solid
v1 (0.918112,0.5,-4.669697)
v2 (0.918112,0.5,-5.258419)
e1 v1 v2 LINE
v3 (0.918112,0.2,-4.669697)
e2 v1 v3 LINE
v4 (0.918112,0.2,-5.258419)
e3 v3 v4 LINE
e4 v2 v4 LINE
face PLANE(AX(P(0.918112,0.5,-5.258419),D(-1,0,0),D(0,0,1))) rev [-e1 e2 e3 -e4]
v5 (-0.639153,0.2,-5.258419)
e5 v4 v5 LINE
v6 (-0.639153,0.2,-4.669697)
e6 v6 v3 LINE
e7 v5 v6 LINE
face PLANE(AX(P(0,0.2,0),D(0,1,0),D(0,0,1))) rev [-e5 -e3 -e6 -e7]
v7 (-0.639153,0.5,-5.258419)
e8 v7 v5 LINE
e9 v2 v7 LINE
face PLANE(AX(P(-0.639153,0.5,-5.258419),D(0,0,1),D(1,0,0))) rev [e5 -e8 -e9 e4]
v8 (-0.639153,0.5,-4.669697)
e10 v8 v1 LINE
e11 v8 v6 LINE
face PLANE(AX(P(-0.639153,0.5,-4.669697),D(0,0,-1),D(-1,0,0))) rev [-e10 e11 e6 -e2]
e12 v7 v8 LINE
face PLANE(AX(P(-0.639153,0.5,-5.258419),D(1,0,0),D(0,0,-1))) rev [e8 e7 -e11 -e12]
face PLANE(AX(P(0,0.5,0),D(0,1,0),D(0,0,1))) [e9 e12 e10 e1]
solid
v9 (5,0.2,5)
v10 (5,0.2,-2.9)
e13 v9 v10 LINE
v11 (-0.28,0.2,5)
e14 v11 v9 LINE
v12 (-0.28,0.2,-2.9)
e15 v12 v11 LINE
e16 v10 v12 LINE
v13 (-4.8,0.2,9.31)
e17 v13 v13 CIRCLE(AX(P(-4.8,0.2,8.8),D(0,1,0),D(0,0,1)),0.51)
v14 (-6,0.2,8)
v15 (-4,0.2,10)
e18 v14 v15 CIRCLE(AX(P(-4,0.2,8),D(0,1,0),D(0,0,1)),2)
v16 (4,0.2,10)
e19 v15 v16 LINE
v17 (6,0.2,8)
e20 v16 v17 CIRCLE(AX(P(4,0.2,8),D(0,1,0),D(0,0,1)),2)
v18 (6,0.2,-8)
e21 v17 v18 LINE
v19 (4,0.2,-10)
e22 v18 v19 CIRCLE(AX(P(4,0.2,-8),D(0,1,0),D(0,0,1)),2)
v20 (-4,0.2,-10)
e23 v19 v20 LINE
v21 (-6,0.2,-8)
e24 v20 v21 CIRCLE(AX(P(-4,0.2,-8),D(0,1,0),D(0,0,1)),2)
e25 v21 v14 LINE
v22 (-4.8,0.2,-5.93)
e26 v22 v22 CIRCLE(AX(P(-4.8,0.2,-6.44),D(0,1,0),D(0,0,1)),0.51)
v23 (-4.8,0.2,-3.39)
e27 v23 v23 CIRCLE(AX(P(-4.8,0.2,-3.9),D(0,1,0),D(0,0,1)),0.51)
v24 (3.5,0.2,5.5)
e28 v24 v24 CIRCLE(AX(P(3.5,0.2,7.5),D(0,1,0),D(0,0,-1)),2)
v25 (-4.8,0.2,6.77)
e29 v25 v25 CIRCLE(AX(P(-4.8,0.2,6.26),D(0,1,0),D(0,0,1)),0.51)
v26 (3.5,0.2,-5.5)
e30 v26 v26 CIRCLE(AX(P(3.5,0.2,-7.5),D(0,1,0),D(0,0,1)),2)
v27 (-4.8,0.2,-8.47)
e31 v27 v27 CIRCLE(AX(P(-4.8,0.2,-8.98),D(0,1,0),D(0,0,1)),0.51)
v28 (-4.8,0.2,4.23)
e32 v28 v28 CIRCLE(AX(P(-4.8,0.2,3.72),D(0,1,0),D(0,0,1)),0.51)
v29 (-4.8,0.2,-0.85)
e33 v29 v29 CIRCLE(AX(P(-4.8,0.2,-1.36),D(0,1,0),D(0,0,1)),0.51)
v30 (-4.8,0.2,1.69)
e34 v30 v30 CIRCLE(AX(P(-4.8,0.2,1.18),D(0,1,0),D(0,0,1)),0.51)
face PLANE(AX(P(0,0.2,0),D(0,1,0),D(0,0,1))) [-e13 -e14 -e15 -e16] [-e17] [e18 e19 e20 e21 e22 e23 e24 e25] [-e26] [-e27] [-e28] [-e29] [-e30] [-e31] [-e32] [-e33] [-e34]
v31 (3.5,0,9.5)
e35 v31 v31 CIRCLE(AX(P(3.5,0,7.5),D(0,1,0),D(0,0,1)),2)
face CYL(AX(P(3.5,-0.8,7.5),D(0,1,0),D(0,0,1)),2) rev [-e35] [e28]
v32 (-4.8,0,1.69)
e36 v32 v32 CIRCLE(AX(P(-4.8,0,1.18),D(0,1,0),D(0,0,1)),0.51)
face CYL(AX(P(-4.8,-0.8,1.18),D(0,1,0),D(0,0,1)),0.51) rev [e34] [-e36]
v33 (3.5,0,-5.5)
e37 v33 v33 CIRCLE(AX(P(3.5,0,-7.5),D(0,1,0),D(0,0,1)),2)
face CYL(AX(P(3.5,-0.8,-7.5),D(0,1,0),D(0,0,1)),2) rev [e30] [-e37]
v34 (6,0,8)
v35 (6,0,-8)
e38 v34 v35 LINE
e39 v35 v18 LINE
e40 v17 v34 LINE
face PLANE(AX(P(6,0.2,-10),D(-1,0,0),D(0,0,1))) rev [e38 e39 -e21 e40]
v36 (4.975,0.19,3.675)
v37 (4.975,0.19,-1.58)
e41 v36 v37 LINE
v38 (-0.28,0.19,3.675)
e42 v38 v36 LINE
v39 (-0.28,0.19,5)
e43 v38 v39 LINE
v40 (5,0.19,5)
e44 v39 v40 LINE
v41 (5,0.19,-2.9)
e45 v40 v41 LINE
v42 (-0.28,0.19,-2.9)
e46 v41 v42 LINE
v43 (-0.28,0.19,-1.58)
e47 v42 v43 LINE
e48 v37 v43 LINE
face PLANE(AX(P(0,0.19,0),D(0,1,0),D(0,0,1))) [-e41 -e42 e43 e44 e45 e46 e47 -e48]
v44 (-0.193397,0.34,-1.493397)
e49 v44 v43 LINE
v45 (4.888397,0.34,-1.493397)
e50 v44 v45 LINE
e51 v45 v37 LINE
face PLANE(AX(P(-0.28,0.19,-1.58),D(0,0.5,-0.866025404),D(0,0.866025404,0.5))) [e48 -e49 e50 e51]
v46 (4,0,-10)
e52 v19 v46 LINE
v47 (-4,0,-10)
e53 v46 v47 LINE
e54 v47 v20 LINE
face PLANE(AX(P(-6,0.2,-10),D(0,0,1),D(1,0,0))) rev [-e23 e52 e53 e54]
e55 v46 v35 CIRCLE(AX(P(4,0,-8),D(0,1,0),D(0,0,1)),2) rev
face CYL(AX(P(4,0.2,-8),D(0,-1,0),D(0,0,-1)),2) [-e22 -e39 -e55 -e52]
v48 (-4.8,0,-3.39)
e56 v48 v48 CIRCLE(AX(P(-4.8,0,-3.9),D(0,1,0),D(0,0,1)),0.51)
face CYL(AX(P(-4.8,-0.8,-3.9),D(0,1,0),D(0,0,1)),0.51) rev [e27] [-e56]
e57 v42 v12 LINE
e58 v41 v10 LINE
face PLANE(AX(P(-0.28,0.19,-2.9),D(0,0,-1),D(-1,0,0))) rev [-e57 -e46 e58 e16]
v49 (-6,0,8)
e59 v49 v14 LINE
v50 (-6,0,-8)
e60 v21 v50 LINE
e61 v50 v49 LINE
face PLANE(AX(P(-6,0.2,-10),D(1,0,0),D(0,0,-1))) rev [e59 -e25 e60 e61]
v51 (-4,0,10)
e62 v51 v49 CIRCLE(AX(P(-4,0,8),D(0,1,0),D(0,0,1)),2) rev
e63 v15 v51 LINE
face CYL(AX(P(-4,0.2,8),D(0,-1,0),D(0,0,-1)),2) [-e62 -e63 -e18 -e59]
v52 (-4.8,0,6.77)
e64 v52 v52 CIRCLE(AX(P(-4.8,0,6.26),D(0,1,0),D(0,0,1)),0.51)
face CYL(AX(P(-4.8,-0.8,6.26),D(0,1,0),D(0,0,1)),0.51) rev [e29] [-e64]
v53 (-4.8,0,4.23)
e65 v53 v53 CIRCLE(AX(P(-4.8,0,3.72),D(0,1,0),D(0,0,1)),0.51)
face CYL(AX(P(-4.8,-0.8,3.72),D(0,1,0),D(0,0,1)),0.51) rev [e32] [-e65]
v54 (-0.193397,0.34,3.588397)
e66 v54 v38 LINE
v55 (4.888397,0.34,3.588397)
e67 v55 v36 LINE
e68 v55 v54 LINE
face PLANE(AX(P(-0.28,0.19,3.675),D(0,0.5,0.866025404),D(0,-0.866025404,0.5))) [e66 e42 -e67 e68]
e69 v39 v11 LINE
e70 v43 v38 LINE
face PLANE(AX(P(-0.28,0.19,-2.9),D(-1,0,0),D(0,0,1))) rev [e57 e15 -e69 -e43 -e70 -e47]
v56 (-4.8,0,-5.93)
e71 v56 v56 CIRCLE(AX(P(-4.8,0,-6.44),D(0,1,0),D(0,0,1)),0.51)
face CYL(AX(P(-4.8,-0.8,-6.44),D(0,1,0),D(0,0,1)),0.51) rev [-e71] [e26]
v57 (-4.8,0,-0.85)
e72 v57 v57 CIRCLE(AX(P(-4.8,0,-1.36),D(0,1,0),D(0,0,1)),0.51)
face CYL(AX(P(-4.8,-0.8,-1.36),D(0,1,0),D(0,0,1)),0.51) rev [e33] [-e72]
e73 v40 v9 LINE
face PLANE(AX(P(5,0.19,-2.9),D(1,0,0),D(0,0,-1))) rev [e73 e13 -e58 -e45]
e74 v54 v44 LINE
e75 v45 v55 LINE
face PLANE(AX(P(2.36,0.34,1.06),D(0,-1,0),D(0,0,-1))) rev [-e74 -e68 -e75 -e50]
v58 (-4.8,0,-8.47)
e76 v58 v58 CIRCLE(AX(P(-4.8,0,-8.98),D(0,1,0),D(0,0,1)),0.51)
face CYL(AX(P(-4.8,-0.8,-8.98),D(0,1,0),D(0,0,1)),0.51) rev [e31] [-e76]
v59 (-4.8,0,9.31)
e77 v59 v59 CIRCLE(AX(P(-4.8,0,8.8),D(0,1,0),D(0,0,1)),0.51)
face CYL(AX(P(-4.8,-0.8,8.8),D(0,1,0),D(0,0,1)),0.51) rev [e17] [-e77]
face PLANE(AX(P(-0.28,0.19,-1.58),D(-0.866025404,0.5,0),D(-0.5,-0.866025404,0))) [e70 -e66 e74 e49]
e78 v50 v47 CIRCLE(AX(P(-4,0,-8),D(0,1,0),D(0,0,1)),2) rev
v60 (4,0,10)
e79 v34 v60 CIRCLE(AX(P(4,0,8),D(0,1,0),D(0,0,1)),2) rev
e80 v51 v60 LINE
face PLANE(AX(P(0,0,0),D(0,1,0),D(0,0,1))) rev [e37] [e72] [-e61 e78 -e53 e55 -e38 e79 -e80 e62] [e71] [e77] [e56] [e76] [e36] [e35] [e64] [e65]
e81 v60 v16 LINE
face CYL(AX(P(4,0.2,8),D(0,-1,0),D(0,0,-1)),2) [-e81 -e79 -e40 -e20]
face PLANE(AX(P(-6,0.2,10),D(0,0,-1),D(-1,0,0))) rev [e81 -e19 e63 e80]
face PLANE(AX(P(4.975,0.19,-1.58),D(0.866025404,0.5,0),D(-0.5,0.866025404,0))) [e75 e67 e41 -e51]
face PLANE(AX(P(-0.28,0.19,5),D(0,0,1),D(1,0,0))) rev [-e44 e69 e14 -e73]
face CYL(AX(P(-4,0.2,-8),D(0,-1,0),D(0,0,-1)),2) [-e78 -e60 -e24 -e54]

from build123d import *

# Parameters (mm, degrees)
SKETCH1_W           = 12
SKETCH1_H           = 20
BOSS_EXTRUDE1_DEPTH = 0.2
SKETCH3_R           = 0.51
CUT_EXTRUDE1_DEPTH  = 1
SKETCH4_R           = 2
CUT_EXTRUDE2_DEPTH  = 1
SKETCH5_W           = 5.28
SKETCH5_H           = 7.9
CUT_EXTRUDE3_DEPTH  = 0.01
FILLET1_R           = 2
SKETCH6_W           = 1.557265295
SKETCH6_H           = 0.588722246
BOSS_EXTRUDE2_DEPTH = 0.3
SKETCH7_W           = 5.255
SKETCH7_H           = 5.255
BOSS_EXTRUDE3_DEPTH = 0.15
BOSS_EXTRUDE3_TAPER = 30


with BuildPart() as part:
    # Sketch1 → Boss-Extrude1 (new body)
    with BuildSketch(Plane(origin=(0, 0, 0), x_dir=(1, 0, 0), z_dir=(0, 1, 0))):
        Rectangle(SKETCH1_W, SKETCH1_H)
    extrude(amount=BOSS_EXTRUDE1_DEPTH)

    # Sketch3 → Cut-Extrude1 (cut)
    with BuildSketch(Plane(origin=(0, 0.2, 0), x_dir=(1, 0, 0), z_dir=(0, 1, 0))):
        with Locations(Location((-4.8, -8.8, 0), (0, 0, 270))):
            Circle(SKETCH3_R)
        with Locations(Location((-4.8, -6.26, 0), (0, 0, 270))):
            Circle(SKETCH3_R)
        with Locations(Location((-4.8, -3.72, 0), (0, 0, 270))):
            Circle(SKETCH3_R)
        with Locations(Location((-4.8, -1.18, 0), (0, 0, 270))):
            Circle(SKETCH3_R)
        with Locations(Location((-4.8, 1.36, 0), (0, 0, 270))):
            Circle(SKETCH3_R)
        with Locations(Location((-4.8, 3.9, 0), (0, 0, 270))):
            Circle(SKETCH3_R)
        with Locations(Location((-4.8, 6.44, 0), (0, 0, 270))):
            Circle(SKETCH3_R)
        with Locations(Location((-4.8, 8.98, 0), (0, 0, 270))):
            Circle(SKETCH3_R)
    extrude(amount=-CUT_EXTRUDE1_DEPTH, mode=Mode.SUBTRACT)

    # Sketch4 → Cut-Extrude2 (cut)
    with BuildSketch(Plane(origin=(0, 0.2, 0), x_dir=(1, 0, 0), z_dir=(0, 1, 0))):
        with Locations(Location((3.5, 7.5, 0), (0, 0, 270))):
            Circle(SKETCH4_R)
        with Locations(Location((3.5, -7.5, 0), (0, 0, 270))):
            Circle(SKETCH4_R)
    extrude(amount=-CUT_EXTRUDE2_DEPTH, mode=Mode.SUBTRACT)

    # Sketch5 → Cut-Extrude3 (cut)
    with BuildSketch(Plane(origin=(0, 0.2, 0), x_dir=(1, 0, 0), z_dir=(0, 1, 0))):
        with Locations((2.36, -1.05)):
            Rectangle(SKETCH5_W, SKETCH5_H)
    extrude(amount=-CUT_EXTRUDE3_DEPTH, mode=Mode.SUBTRACT)

    # Fillet1
    fillet1_edges = [part.edges().sort_by_distance(p)[0] for p in [
        (6, 0.1, 10),
        (-6, 0.1, 10),
        (-6, 0.1, -10),
        (6, 0.1, -10),
    ]]
    fillet(fillet1_edges, radius=FILLET1_R)

    # Sketch7 → Boss-Extrude3 (add)
    with BuildSketch(Plane(origin=(0, 0.19, 0), x_dir=(1, 0, 0), z_dir=(0, 1, 0))):
        with Locations((2.3475, -1.0475)):
            Rectangle(SKETCH7_W, SKETCH7_H)
    extrude(amount=BOSS_EXTRUDE3_DEPTH, taper=BOSS_EXTRUDE3_TAPER)


with BuildPart() as body_2:
    # Sketch6 → Boss-Extrude2 (new body)
    with BuildSketch(Plane(origin=(0, 0.2, 0), x_dir=(1, 0, 0), z_dir=(0, 1, 0))):
        with Locations((0.139479445, 4.964058352)):
            Rectangle(SKETCH6_W, SKETCH6_H)
    extrude(amount=BOSS_EXTRUDE2_DEPTH)


solid = Compound([part.part, body_2.part])
